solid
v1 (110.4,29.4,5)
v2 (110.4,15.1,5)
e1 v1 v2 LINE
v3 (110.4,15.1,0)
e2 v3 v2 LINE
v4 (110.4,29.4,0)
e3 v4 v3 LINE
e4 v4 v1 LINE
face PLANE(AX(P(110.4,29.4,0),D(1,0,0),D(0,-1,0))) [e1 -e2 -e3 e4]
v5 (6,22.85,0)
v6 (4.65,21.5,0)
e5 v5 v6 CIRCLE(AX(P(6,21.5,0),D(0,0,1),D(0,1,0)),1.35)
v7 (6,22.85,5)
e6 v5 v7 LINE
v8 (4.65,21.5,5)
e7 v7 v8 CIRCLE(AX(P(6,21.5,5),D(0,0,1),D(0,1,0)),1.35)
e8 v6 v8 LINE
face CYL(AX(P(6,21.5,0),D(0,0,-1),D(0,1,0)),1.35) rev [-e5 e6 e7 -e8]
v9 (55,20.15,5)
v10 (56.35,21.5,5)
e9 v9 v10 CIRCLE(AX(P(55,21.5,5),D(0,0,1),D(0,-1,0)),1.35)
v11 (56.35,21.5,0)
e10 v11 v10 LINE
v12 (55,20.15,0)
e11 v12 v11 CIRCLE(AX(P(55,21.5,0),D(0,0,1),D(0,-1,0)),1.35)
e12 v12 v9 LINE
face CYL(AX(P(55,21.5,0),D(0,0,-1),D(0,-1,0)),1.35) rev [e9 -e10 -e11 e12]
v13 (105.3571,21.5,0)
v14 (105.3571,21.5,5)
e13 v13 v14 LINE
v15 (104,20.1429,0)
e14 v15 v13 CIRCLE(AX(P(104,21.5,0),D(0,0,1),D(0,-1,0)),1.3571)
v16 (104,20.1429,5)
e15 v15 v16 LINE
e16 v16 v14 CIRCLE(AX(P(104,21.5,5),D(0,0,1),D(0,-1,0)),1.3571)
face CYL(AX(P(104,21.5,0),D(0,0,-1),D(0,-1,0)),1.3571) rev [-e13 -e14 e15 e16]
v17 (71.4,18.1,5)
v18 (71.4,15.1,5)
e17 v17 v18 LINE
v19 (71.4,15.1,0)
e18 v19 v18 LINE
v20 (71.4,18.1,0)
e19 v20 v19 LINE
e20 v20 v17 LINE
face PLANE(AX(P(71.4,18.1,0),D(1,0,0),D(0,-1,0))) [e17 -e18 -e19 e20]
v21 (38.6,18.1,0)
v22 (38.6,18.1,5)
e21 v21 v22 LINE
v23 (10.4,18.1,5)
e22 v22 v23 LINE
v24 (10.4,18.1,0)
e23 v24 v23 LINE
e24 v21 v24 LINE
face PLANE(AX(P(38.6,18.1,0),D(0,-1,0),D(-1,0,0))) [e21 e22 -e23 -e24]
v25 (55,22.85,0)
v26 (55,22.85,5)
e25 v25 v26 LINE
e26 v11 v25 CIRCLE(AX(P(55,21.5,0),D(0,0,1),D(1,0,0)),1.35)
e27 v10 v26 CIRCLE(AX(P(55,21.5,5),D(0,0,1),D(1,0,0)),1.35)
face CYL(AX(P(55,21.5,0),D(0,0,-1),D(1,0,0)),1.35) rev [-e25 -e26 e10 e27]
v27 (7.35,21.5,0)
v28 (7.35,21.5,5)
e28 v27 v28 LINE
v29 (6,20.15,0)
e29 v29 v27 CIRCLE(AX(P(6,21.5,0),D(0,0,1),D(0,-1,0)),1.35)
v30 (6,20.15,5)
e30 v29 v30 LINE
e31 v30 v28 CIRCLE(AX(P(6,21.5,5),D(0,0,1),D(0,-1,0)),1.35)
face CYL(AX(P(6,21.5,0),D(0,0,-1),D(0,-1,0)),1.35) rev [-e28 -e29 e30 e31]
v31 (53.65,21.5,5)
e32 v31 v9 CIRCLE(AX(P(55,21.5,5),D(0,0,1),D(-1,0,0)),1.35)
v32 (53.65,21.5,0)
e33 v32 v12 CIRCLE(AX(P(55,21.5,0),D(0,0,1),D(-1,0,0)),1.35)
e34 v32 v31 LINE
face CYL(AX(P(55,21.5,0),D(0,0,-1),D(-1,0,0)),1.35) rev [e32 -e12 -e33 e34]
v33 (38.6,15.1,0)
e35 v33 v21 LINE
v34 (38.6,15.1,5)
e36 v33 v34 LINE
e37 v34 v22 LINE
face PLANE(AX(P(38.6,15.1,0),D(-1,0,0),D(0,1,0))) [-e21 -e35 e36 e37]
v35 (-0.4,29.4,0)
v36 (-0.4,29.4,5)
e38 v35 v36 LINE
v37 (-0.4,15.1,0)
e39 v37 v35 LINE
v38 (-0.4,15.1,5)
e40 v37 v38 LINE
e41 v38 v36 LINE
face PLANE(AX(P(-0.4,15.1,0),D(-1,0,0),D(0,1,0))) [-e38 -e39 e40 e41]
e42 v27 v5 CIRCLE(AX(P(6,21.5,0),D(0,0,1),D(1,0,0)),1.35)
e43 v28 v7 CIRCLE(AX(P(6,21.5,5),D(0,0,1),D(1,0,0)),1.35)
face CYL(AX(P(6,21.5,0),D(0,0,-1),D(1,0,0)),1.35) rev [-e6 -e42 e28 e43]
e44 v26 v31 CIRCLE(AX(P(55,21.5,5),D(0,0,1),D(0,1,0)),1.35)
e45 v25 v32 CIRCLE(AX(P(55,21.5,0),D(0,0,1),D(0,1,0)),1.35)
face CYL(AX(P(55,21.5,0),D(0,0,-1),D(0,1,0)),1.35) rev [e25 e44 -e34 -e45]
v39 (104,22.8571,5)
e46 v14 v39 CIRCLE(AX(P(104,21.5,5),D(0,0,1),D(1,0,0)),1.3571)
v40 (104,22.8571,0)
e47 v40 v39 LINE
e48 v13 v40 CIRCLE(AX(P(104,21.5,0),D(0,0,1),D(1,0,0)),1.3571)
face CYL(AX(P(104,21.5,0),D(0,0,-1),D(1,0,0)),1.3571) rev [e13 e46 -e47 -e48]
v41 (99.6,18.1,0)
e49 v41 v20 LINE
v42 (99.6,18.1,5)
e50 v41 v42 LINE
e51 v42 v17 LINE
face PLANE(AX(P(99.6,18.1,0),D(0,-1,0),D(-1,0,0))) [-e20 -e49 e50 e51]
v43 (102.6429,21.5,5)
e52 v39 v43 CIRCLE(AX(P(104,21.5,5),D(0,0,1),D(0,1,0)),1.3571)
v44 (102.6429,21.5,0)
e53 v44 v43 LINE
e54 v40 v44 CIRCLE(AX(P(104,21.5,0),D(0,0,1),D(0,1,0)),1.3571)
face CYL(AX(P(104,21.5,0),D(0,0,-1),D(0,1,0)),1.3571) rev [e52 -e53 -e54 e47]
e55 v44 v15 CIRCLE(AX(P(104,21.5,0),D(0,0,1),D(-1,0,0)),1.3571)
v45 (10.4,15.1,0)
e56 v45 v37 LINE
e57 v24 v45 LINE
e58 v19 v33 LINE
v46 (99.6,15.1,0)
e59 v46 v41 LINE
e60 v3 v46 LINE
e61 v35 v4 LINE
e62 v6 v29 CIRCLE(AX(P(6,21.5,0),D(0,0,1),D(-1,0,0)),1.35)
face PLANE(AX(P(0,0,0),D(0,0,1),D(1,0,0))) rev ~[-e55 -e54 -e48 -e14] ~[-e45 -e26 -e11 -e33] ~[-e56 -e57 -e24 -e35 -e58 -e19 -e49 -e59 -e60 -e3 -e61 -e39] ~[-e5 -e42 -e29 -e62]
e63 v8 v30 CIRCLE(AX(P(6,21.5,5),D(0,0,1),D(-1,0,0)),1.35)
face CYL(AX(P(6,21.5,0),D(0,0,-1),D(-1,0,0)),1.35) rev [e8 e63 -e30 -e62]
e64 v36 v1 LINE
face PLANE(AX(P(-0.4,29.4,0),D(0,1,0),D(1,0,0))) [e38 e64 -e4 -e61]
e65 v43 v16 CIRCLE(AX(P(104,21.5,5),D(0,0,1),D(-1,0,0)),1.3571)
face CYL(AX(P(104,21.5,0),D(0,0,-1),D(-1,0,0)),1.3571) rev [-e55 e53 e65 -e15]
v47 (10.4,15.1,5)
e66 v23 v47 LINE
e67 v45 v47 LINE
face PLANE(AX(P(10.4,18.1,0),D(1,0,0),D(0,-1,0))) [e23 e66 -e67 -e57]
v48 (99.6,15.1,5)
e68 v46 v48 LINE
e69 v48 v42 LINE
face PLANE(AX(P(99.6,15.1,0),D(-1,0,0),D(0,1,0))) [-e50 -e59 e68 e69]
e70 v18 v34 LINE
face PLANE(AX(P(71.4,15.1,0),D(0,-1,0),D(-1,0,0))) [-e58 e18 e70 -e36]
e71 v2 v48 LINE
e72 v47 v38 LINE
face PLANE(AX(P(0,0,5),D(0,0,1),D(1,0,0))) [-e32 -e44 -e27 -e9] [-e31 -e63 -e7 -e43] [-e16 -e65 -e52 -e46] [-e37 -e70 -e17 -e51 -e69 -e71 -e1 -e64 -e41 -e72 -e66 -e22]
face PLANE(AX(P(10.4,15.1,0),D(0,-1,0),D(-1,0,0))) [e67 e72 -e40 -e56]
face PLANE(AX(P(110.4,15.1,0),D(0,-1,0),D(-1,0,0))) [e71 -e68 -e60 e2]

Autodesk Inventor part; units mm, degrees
ref_plane "YZ Plane" through (0, 0, 0) normal (1, 0, 0) x (0, 1, 0)
ref_plane "XZ Plane" through (0, 0, 0) normal (0, 1, 0) x (-1, 0, 0)
ref_plane "XY Plane" through (0, 0, 0) normal (0, 0, 1) x (1, 0, 0)
sketch "Boceto1" plane through (0, 0, 0) normal (0, 0, 1) x (1, 0, 0)
  arc A0 (4.65, 21.5) -> (6, 20.15) centre (6, 21.5) ccw
  arc A1 (6, 20.15) -> (7.35, 21.5) centre (6, 21.5) ccw
  arc A2 (7.35, 21.5) -> (6, 22.85) centre (6, 21.5) ccw
  arc A3 (6, 22.85) -> (4.65, 21.5) centre (6, 21.5) ccw
  arc A4 (53.65, 21.5) -> (55, 20.15) centre (55, 21.5) ccw
  arc A5 (55, 20.15) -> (56.35, 21.5) centre (55, 21.5) ccw
  arc A6 (56.35, 21.5) -> (55, 22.85) centre (55, 21.5) ccw
  arc A7 (55, 22.85) -> (53.65, 21.5) centre (55, 21.5) ccw
  arc A8 (104, 22.8571) -> (102.6429, 21.5) centre (104, 21.5) ccw
  arc A9 (102.6429, 21.5) -> (104, 20.1429) centre (104, 21.5) ccw
  arc A10 (104, 20.1429) -> (105.3571, 21.5) centre (104, 21.5) ccw
  arc A11 (105.3571, 21.5) -> (104, 22.8571) centre (104, 21.5) ccw
  line L0 (-0.4, 15.1) -> (-0.4, 29.4)
  line L1 (-0.4, 29.4) -> (110.4, 29.4)
  line L2 (110.4, 29.4) -> (110.4, 15.1)
  line L3 (110.4, 15.1) -> (99.6, 15.1)
  line L4 (99.6, 15.1) -> (99.6, 18.1)
  line L5 (99.6, 18.1) -> (71.4, 18.1)
  line L6 (71.4, 18.1) -> (71.4, 15.1)
  line L7 (71.4, 15.1) -> (38.6, 15.1)
  line L8 (38.6, 15.1) -> (38.6, 18.1)
  line L9 (38.6, 18.1) -> (10.4, 18.1)
  line L10 (10.4, 18.1) -> (10.4, 15.1)
  line L11 (10.4, 15.1) -> (-0.4, 15.1)
  point P0 (0, 0)
extrude "Extrusión1" add sketch "Boceto1" along normal blind 5
properties part number "carro x lado polea pieza3"
